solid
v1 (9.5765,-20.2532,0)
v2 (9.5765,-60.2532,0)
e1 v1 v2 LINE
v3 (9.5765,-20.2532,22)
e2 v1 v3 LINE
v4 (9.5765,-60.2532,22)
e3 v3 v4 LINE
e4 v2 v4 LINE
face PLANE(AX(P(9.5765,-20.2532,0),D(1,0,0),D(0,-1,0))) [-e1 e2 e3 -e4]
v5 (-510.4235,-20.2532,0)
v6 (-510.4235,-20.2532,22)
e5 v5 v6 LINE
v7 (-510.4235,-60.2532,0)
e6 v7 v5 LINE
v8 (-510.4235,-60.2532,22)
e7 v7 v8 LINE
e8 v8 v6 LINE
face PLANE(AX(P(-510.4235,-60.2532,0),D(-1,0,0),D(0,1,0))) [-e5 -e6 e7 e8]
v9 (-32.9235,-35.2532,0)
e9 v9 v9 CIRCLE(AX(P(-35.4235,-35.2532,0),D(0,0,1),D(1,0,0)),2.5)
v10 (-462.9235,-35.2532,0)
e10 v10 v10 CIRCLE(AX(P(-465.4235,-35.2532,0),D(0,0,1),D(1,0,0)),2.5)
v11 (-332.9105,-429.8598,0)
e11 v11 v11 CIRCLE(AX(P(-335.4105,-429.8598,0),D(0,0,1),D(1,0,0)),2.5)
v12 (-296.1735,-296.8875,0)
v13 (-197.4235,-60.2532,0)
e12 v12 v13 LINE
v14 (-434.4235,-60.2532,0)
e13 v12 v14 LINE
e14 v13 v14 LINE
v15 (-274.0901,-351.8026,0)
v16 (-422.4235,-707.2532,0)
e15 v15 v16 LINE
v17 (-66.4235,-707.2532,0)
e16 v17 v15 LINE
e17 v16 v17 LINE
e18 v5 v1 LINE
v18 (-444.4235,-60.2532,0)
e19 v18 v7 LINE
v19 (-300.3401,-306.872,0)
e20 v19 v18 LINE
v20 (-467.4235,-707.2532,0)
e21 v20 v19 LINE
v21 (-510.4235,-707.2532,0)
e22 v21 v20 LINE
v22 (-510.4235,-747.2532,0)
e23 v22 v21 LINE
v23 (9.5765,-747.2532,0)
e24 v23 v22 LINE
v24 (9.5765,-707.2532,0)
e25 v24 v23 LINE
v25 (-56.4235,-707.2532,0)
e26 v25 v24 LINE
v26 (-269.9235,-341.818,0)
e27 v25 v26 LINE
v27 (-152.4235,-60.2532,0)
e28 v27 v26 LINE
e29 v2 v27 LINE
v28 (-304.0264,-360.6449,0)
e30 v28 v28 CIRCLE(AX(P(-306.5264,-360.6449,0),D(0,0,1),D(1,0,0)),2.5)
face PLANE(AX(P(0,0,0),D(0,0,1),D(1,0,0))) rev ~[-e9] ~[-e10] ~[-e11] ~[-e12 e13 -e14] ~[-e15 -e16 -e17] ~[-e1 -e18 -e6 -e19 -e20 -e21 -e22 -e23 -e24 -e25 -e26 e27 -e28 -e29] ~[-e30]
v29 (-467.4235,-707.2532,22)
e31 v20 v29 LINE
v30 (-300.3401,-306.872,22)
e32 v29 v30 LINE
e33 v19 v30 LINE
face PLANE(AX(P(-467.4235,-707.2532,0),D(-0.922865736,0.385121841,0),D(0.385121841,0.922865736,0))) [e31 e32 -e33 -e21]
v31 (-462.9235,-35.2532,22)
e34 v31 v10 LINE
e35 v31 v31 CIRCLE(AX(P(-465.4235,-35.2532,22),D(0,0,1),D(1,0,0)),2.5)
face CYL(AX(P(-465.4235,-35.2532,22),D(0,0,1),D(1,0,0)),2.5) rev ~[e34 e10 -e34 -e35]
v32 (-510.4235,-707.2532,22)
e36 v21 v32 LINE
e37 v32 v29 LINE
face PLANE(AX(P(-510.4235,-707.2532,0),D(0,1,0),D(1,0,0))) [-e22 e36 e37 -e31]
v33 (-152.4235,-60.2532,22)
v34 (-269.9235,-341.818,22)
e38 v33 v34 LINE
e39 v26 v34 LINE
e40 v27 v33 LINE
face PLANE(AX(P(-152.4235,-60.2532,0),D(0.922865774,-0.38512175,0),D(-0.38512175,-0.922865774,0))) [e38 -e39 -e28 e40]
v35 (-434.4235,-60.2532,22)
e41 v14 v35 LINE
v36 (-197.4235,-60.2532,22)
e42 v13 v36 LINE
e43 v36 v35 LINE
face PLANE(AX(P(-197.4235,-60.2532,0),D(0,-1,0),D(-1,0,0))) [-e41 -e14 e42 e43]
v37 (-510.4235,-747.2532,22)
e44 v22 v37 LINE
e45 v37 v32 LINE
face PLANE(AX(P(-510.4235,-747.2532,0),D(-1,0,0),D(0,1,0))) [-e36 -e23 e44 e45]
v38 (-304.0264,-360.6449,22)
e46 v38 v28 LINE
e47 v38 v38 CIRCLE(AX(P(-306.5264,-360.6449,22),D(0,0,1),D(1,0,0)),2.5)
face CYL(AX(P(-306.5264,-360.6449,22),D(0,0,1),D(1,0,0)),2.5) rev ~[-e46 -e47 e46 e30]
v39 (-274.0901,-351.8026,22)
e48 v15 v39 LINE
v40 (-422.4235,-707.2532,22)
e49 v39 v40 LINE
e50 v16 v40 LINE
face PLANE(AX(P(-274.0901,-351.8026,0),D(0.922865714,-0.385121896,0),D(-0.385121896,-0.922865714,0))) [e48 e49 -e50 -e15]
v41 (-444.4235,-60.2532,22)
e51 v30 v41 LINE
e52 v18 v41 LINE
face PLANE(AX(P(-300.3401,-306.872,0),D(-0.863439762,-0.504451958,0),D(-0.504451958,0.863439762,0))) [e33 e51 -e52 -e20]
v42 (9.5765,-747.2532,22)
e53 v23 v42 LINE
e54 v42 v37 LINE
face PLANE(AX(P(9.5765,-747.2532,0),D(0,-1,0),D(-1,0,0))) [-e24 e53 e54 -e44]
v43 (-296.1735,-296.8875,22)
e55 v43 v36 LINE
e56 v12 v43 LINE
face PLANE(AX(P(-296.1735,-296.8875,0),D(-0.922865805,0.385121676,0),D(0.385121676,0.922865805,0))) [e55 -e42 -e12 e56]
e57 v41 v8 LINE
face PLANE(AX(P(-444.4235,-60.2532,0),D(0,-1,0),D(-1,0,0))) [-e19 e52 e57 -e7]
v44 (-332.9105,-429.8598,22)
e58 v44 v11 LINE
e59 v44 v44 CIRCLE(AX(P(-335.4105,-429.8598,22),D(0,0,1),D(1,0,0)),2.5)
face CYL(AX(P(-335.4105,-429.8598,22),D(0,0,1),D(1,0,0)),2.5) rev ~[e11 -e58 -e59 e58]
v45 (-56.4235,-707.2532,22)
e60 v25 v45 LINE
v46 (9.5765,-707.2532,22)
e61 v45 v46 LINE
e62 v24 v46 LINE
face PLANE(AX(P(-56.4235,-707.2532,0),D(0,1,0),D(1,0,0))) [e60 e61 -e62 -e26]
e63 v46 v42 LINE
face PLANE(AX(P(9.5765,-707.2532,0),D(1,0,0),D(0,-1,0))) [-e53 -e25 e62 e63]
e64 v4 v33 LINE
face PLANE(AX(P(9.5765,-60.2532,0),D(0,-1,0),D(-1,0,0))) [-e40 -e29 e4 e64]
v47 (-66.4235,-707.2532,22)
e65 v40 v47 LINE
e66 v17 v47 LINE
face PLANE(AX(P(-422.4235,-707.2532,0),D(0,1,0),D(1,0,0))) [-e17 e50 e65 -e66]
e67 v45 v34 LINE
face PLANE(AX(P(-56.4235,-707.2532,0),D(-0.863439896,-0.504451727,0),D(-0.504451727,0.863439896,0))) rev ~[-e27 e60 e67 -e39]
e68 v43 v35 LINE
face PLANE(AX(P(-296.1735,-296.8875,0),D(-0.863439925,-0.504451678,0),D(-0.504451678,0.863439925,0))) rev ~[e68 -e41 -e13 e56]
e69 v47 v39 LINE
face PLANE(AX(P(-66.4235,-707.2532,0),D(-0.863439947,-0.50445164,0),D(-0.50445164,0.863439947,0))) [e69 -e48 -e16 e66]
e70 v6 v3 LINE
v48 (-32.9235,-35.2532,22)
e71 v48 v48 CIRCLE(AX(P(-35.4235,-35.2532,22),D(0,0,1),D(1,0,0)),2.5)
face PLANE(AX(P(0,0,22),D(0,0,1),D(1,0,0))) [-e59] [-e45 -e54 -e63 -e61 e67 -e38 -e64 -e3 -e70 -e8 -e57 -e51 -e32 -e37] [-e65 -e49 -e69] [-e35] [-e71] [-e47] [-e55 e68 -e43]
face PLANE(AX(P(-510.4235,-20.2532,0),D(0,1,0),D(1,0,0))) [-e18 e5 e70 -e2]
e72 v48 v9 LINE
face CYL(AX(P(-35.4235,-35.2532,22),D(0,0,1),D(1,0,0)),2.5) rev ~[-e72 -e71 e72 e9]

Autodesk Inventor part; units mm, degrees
ref_plane "YZ Plane" through (0, 0, 0) normal (1, 0, 0) x (0, 1, 0)
ref_plane "XZ Plane" through (0, 0, 0) normal (0, 1, 0) x (-1, 0, 0)
ref_plane "XY Plane" through (0, 0, 0) normal (0, 0, 1) x (1, 0, 0)
sketch "草图1" plane through (0, 0, 0) normal (0, 0, 1) x (1, 0, 0)
  line L0 (-510.4235, -20.2532) -> (9.5765, -20.2532)
  line L1 (9.5765, -20.2532) -> (9.5765, -60.2532)
  line L2 (9.5765, -60.2532) -> (-510.4235, -60.2532)
  line L3 (-510.4235, -60.2532) -> (-510.4235, -20.2532)
  line L4 (-510.4235, -707.2532) -> (9.5765, -707.2532)
  line L5 (9.5765, -707.2532) -> (9.5765, -747.2532)
  line L6 (9.5765, -747.2532) -> (-510.4235, -747.2532)
  line L7 (-510.4235, -747.2532) -> (-510.4235, -707.2532)
  line L8 (-66.4235, -707.2532) -> (-274.0901, -351.8026)
  line L9 (-56.4235, -707.2532) -> (-269.9235, -341.818)
  line L10 (-296.1735, -296.8875) -> (-434.4235, -60.2532)
  line L11 (-300.3401, -306.872) -> (-444.4235, -60.2532)
  line L12 (-152.4235, -60.2532) -> (-269.9235, -341.818)
  line L13 (-274.0901, -351.8026) -> (-422.4235, -707.2532)
  line L14 (-467.4235, -707.2532) -> (-300.3401, -306.872)
  line L15 (-296.1735, -296.8875) -> (-197.4235, -60.2532)
  point P0 (0, 0)
  dimension "d0" = 520
  dimension "d1" = 40
  dimension "d2" = 162
  dimension "d3" = 45
  dimension "d4" = 647
  dimension "d5" = 40
  dimension "d6" = 43
  dimension "d7" = 66
  dimension "d8" = 66
  dimension "d9" = 10
extrude "拉伸1" add sketch "草图1" along normal blind 22 contours L0 L1 L2 L3 | L2 L10 L15 L12 L9 L4 L8 L13 L14 L11 | L4 L5 L6 L7
sketch "草图2" plane through (0, 0, 22) normal (0, 0, 1) x (1, 0, 0)
  line L0 (9.5765, -60.2532) -> (9.5765, -20.2532) projected
  circle A0 centre (-35.4235, -35.2532) radius 2.5
  line L1 (9.5765, -20.2532) -> (-510.4235, -20.2532) projected
  line L2 (-510.4235, -20.2532) -> (-510.4235, -60.2532) projected
  circle A1 centre (-465.4235, -35.2532) radius 2.5
  line L3 (-300.3401, -306.872) -> (-467.4235, -707.2532) projected
  circle A2 centre (-306.5264, -360.6449) radius 2.5
  circle A3 centre (-335.4105, -429.8598) radius 2.5
  point P0 (0, 0)
  dimension "d12" = 45
  dimension "d13" = 5
  dimension "d14" = 15
  dimension "d15" = 45
  dimension "d16" = 15
  dimension "d17" = 5
  dimension "d46" = 5
  dimension "d47" = 5
  dimension "d48" = 75
extrude "拉伸2" cut sketch "草图2" against normal blind 25
thread "螺纹1" size "M5x0.8" class "6H" standard "ANSI Metric M Profile" full length
thread "螺纹2" size "M5x0.8" class "6H" standard "ANSI Metric M Profile" full length
properties part number "Desk stand"
